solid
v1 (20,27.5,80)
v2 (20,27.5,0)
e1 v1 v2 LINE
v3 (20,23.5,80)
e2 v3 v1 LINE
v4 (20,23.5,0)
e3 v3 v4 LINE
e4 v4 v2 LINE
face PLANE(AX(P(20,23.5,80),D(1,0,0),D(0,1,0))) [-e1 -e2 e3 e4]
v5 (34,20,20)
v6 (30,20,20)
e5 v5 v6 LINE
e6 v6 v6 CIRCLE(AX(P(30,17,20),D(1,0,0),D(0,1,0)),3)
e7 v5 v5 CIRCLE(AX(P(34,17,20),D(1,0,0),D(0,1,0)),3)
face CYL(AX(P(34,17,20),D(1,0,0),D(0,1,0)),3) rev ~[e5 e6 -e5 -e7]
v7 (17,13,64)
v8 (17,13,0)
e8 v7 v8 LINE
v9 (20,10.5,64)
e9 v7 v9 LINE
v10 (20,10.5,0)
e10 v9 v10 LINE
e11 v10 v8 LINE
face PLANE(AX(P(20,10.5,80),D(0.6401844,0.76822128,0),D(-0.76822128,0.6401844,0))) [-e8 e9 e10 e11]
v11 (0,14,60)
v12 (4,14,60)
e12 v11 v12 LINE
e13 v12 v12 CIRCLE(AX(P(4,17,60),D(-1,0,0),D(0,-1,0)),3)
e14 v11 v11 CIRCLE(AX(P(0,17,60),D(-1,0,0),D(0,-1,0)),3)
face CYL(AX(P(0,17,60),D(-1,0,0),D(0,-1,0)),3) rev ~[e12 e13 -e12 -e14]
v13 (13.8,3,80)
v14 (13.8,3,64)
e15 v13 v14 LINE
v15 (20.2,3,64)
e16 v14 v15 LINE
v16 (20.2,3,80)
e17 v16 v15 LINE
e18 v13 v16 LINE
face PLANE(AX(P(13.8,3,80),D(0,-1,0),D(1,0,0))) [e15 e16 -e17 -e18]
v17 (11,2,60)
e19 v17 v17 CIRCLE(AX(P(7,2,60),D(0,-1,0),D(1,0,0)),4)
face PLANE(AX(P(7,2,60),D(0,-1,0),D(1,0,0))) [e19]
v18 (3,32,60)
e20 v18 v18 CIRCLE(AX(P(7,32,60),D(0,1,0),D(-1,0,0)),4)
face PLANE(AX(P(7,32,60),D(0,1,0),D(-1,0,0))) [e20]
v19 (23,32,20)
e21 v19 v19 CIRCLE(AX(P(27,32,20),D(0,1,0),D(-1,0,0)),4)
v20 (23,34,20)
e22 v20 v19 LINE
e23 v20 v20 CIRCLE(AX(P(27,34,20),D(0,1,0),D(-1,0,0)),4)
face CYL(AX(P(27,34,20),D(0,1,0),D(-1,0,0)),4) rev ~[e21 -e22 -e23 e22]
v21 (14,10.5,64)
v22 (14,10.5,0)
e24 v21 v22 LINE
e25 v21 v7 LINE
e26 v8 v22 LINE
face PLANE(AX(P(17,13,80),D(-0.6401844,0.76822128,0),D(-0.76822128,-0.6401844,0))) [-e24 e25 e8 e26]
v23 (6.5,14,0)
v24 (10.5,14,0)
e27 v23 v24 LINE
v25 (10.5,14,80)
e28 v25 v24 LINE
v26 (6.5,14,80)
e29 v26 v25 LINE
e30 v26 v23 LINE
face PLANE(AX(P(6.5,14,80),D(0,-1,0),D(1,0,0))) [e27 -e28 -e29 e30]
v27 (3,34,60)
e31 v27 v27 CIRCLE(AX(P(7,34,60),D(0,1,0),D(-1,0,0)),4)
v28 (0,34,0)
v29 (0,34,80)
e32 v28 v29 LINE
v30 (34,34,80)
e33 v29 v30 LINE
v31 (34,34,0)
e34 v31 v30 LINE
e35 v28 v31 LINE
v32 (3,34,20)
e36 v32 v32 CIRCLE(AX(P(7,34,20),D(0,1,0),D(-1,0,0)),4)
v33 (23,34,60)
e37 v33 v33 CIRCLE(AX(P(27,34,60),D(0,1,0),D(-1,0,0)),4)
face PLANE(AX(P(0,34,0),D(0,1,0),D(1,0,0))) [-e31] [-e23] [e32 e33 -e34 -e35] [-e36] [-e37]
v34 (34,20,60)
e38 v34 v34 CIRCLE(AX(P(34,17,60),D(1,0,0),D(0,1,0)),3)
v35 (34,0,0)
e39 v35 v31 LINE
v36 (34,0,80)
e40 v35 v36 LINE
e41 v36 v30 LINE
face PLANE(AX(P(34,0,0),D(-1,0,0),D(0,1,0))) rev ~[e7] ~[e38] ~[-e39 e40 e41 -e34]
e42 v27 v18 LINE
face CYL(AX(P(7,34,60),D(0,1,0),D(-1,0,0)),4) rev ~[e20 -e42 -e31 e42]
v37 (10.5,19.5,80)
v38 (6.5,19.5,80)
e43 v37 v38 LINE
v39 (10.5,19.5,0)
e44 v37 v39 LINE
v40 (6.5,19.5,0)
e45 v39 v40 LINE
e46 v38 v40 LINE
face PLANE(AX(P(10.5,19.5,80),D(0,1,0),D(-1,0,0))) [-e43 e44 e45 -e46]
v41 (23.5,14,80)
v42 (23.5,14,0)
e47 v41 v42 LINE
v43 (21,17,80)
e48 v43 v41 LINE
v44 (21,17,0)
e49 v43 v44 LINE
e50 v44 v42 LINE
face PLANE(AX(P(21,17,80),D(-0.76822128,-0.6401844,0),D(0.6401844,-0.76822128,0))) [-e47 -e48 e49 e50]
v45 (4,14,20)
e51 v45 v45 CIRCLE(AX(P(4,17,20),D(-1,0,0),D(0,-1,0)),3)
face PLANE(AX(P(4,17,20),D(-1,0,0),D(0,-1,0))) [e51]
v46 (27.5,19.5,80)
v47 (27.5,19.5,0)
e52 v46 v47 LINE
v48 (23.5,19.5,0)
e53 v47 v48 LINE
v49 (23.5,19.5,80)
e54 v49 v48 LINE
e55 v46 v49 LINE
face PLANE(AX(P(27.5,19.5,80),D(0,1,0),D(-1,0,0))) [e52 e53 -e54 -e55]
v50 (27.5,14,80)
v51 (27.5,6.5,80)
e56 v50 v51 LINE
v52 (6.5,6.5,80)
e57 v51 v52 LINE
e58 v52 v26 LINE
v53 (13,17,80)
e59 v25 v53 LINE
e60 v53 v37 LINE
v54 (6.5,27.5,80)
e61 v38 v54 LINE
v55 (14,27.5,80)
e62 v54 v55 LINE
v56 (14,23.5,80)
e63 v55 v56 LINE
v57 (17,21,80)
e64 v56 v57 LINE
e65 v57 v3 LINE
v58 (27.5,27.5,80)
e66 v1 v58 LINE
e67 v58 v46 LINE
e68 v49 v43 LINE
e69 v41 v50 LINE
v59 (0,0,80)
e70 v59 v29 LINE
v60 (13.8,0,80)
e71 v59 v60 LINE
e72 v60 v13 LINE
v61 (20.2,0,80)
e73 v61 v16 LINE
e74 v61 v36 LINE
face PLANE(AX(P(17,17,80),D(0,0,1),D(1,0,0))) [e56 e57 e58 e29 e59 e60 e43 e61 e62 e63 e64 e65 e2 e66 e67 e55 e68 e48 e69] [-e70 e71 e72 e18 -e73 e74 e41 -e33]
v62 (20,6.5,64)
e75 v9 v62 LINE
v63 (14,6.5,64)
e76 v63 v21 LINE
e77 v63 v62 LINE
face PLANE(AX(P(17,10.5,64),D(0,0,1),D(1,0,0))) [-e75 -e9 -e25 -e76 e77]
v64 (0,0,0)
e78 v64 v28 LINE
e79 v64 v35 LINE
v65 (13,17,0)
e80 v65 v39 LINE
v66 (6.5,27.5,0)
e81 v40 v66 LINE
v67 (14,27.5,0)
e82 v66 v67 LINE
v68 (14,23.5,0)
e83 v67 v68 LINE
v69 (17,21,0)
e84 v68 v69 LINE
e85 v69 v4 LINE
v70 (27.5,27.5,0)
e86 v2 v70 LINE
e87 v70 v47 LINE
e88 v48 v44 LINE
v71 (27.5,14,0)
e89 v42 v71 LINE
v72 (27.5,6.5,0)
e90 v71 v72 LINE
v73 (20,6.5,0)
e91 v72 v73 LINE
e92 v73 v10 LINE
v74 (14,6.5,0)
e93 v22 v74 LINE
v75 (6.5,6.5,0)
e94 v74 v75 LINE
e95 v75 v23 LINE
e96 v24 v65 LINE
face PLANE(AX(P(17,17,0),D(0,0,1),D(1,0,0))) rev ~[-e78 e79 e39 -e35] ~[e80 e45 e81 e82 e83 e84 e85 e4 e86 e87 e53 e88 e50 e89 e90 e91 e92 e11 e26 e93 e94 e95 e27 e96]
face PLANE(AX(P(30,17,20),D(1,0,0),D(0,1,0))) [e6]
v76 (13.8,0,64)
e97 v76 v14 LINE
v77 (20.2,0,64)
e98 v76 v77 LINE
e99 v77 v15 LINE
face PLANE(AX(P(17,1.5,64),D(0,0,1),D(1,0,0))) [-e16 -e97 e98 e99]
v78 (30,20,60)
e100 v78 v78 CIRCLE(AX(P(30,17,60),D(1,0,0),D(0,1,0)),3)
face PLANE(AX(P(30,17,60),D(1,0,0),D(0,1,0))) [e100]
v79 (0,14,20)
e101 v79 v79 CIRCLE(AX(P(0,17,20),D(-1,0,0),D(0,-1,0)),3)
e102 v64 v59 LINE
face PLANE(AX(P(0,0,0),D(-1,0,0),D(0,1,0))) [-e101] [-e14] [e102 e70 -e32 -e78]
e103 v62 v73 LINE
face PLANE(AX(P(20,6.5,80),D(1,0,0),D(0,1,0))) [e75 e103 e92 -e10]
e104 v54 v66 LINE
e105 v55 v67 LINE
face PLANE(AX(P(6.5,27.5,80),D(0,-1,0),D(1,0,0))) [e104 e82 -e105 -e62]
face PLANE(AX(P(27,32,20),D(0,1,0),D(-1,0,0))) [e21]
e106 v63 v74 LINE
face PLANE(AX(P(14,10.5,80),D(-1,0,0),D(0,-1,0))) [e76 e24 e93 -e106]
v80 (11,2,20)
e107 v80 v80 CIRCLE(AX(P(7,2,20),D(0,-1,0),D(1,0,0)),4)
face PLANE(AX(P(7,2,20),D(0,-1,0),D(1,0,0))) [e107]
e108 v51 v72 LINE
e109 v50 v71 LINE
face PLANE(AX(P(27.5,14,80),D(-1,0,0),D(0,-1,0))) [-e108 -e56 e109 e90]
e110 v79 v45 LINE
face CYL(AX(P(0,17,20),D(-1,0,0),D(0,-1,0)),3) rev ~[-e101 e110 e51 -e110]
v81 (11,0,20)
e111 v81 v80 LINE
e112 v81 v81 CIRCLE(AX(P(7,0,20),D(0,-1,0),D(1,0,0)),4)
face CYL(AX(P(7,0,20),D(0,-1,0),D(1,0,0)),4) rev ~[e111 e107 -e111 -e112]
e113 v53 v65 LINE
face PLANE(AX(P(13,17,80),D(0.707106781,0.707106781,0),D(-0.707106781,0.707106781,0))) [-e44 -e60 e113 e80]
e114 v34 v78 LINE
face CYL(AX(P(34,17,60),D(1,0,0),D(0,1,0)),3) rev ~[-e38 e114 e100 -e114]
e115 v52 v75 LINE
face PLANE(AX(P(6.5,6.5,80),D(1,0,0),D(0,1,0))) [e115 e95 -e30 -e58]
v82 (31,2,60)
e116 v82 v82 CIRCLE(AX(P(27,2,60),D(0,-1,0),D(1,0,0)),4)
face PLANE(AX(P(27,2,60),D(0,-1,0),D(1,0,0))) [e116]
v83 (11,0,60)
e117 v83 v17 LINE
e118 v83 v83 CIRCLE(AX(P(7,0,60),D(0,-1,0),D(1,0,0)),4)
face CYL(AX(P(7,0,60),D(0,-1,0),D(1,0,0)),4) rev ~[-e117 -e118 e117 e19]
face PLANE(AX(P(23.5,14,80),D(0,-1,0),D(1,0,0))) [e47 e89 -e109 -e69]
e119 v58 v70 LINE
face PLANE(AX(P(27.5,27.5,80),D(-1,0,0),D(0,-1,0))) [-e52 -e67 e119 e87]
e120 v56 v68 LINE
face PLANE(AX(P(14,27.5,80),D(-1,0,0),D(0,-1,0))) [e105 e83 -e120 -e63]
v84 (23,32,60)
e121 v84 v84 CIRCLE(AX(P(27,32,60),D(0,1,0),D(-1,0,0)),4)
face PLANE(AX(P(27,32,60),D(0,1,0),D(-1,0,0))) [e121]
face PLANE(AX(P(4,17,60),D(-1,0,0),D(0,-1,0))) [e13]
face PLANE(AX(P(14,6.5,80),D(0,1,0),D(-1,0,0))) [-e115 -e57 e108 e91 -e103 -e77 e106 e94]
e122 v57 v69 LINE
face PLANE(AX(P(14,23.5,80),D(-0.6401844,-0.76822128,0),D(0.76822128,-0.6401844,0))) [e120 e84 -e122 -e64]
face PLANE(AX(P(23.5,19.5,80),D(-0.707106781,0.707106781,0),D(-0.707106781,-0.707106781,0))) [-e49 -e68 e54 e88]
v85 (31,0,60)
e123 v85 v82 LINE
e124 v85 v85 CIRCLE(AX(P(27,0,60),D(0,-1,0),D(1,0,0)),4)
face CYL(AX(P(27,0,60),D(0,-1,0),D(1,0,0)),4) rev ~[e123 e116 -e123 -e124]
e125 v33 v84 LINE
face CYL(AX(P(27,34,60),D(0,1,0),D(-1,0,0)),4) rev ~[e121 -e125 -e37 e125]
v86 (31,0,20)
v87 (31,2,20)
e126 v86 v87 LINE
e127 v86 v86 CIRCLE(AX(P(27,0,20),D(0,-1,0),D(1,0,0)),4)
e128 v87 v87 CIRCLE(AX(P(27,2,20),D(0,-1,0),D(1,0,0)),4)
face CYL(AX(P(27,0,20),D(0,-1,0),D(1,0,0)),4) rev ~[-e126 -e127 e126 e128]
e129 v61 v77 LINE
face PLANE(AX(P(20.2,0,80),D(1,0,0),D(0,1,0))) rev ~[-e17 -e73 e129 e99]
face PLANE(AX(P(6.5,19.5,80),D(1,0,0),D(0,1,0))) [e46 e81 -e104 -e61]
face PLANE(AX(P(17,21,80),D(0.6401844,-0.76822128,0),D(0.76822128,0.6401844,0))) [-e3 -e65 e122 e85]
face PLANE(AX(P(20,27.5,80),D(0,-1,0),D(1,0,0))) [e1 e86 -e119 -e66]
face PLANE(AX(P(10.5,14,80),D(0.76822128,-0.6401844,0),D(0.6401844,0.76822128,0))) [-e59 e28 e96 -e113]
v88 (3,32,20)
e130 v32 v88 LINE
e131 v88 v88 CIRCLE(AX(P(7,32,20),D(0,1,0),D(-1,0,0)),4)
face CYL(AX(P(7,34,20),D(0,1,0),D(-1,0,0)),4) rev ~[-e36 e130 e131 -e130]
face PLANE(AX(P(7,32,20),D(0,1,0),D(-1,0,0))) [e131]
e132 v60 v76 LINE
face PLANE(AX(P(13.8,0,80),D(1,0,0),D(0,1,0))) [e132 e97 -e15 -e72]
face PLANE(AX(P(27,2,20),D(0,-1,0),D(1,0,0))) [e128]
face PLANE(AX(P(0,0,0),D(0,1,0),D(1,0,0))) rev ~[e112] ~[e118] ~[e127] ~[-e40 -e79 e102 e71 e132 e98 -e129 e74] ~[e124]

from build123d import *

# Parameters (mm, degrees)
SKETCH_W        = 34
SKETCH_H        = 34
PAD_DEPTH       = 80
POCKET_DEPTH    = 80
SKETCH002_R     = 3
POCKET001_DEPTH = 4
SKETCH003_R     = 3
POCKET002_DEPTH = 4
SKETCH004_R     = 4
POCKET003_DEPTH = 2
SKETCH005_R     = 4
POCKET004_DEPTH = 2
SKETCH006_W     = 6.4
SKETCH006_H     = 3
SKETCH006_W_2   = 8
SKETCH006_H_2   = 8
POCKET005_DEPTH = 16


with BuildPart() as part:
    # Sketch → Pad (new body)
    with BuildSketch(Plane.XY):
        with Locations((17, 17)):
            Rectangle(SKETCH_W, SKETCH_H)
    extrude(amount=PAD_DEPTH)

    # Sketch001 (on Face6 of Pad) → Pocket (cut)
    with BuildSketch(Plane.XY.offset(80)):
        Polygon((6.5, 27.5), (14, 27.5), (14, 23.5), (17, 21), (20, 23.5), (20, 27.5), (27.5, 27.5), (27.5, 19.5), (23.5, 19.5), (21, 17), (23.5, 14), (27.5, 14), (27.5, 6.5), (20, 6.5), (20, 10.5), (17, 13), (14, 10.5), (14, 6.5), (6.5, 6.5), (6.5, 14), (10.5, 14), (13, 17), (10.5, 19.5), (6.5, 19.5), align=None)
    extrude(amount=-POCKET_DEPTH, mode=Mode.SUBTRACT)

    # Sketch002 (on Face2 of Pocket) → Pocket001 (cut)
    with BuildSketch(Plane(origin=(0, 0, 0), x_dir=(0, -1, 0), z_dir=(-1, 0, 0))):
        with Locations((-17, 60)):
            Circle(SKETCH002_R)
        with Locations((-17, 20)):
            Circle(SKETCH002_R)
    extrude(amount=-POCKET001_DEPTH, mode=Mode.SUBTRACT)

    # Sketch003 (on Face3 of Pocket001) → Pocket002 (cut)
    with BuildSketch(Plane.YZ.offset(34)):
        with Locations((17, 60)):
            Circle(SKETCH003_R)
        with Locations((17, 20)):
            Circle(SKETCH003_R)
    extrude(amount=-POCKET002_DEPTH, mode=Mode.SUBTRACT)

    # Sketch004 (on Face1 of Pocket002) → Pocket003 (cut)
    with BuildSketch(Plane(origin=(0, 34, 0), x_dir=(-1, 0, 0), z_dir=(0, 1, 0))):
        with Locations((-27, 60)):
            Circle(SKETCH004_R)
        with Locations((-7, 60)):
            Circle(SKETCH004_R)
        with Locations((-27, 20)):
            Circle(SKETCH004_R)
        with Locations((-7, 20)):
            Circle(SKETCH004_R)
    extrude(amount=-POCKET003_DEPTH, mode=Mode.SUBTRACT)

    # Sketch005 (on Face10 of Pocket003) → Pocket004 (cut)
    with BuildSketch(Plane.XZ):
        with Locations((7, 60)):
            Circle(SKETCH005_R)
        with Locations((27, 60)):
            Circle(SKETCH005_R)
        with Locations((7, 20)):
            Circle(SKETCH005_R)
        with Locations((27, 20)):
            Circle(SKETCH005_R)
    extrude(amount=-POCKET004_DEPTH, mode=Mode.SUBTRACT)

    # Sketch006 (on Face4 of Pocket004) → Pocket005 (cut)
    with BuildSketch(Plane.XY.offset(80)):
        with Locations((17, 1.5)):
            Rectangle(SKETCH006_W, SKETCH006_H)
        with Locations((17, 10.5)):
            Rectangle(SKETCH006_W_2, SKETCH006_H_2)
    extrude(amount=-POCKET005_DEPTH, mode=Mode.SUBTRACT)


solid = part.part
